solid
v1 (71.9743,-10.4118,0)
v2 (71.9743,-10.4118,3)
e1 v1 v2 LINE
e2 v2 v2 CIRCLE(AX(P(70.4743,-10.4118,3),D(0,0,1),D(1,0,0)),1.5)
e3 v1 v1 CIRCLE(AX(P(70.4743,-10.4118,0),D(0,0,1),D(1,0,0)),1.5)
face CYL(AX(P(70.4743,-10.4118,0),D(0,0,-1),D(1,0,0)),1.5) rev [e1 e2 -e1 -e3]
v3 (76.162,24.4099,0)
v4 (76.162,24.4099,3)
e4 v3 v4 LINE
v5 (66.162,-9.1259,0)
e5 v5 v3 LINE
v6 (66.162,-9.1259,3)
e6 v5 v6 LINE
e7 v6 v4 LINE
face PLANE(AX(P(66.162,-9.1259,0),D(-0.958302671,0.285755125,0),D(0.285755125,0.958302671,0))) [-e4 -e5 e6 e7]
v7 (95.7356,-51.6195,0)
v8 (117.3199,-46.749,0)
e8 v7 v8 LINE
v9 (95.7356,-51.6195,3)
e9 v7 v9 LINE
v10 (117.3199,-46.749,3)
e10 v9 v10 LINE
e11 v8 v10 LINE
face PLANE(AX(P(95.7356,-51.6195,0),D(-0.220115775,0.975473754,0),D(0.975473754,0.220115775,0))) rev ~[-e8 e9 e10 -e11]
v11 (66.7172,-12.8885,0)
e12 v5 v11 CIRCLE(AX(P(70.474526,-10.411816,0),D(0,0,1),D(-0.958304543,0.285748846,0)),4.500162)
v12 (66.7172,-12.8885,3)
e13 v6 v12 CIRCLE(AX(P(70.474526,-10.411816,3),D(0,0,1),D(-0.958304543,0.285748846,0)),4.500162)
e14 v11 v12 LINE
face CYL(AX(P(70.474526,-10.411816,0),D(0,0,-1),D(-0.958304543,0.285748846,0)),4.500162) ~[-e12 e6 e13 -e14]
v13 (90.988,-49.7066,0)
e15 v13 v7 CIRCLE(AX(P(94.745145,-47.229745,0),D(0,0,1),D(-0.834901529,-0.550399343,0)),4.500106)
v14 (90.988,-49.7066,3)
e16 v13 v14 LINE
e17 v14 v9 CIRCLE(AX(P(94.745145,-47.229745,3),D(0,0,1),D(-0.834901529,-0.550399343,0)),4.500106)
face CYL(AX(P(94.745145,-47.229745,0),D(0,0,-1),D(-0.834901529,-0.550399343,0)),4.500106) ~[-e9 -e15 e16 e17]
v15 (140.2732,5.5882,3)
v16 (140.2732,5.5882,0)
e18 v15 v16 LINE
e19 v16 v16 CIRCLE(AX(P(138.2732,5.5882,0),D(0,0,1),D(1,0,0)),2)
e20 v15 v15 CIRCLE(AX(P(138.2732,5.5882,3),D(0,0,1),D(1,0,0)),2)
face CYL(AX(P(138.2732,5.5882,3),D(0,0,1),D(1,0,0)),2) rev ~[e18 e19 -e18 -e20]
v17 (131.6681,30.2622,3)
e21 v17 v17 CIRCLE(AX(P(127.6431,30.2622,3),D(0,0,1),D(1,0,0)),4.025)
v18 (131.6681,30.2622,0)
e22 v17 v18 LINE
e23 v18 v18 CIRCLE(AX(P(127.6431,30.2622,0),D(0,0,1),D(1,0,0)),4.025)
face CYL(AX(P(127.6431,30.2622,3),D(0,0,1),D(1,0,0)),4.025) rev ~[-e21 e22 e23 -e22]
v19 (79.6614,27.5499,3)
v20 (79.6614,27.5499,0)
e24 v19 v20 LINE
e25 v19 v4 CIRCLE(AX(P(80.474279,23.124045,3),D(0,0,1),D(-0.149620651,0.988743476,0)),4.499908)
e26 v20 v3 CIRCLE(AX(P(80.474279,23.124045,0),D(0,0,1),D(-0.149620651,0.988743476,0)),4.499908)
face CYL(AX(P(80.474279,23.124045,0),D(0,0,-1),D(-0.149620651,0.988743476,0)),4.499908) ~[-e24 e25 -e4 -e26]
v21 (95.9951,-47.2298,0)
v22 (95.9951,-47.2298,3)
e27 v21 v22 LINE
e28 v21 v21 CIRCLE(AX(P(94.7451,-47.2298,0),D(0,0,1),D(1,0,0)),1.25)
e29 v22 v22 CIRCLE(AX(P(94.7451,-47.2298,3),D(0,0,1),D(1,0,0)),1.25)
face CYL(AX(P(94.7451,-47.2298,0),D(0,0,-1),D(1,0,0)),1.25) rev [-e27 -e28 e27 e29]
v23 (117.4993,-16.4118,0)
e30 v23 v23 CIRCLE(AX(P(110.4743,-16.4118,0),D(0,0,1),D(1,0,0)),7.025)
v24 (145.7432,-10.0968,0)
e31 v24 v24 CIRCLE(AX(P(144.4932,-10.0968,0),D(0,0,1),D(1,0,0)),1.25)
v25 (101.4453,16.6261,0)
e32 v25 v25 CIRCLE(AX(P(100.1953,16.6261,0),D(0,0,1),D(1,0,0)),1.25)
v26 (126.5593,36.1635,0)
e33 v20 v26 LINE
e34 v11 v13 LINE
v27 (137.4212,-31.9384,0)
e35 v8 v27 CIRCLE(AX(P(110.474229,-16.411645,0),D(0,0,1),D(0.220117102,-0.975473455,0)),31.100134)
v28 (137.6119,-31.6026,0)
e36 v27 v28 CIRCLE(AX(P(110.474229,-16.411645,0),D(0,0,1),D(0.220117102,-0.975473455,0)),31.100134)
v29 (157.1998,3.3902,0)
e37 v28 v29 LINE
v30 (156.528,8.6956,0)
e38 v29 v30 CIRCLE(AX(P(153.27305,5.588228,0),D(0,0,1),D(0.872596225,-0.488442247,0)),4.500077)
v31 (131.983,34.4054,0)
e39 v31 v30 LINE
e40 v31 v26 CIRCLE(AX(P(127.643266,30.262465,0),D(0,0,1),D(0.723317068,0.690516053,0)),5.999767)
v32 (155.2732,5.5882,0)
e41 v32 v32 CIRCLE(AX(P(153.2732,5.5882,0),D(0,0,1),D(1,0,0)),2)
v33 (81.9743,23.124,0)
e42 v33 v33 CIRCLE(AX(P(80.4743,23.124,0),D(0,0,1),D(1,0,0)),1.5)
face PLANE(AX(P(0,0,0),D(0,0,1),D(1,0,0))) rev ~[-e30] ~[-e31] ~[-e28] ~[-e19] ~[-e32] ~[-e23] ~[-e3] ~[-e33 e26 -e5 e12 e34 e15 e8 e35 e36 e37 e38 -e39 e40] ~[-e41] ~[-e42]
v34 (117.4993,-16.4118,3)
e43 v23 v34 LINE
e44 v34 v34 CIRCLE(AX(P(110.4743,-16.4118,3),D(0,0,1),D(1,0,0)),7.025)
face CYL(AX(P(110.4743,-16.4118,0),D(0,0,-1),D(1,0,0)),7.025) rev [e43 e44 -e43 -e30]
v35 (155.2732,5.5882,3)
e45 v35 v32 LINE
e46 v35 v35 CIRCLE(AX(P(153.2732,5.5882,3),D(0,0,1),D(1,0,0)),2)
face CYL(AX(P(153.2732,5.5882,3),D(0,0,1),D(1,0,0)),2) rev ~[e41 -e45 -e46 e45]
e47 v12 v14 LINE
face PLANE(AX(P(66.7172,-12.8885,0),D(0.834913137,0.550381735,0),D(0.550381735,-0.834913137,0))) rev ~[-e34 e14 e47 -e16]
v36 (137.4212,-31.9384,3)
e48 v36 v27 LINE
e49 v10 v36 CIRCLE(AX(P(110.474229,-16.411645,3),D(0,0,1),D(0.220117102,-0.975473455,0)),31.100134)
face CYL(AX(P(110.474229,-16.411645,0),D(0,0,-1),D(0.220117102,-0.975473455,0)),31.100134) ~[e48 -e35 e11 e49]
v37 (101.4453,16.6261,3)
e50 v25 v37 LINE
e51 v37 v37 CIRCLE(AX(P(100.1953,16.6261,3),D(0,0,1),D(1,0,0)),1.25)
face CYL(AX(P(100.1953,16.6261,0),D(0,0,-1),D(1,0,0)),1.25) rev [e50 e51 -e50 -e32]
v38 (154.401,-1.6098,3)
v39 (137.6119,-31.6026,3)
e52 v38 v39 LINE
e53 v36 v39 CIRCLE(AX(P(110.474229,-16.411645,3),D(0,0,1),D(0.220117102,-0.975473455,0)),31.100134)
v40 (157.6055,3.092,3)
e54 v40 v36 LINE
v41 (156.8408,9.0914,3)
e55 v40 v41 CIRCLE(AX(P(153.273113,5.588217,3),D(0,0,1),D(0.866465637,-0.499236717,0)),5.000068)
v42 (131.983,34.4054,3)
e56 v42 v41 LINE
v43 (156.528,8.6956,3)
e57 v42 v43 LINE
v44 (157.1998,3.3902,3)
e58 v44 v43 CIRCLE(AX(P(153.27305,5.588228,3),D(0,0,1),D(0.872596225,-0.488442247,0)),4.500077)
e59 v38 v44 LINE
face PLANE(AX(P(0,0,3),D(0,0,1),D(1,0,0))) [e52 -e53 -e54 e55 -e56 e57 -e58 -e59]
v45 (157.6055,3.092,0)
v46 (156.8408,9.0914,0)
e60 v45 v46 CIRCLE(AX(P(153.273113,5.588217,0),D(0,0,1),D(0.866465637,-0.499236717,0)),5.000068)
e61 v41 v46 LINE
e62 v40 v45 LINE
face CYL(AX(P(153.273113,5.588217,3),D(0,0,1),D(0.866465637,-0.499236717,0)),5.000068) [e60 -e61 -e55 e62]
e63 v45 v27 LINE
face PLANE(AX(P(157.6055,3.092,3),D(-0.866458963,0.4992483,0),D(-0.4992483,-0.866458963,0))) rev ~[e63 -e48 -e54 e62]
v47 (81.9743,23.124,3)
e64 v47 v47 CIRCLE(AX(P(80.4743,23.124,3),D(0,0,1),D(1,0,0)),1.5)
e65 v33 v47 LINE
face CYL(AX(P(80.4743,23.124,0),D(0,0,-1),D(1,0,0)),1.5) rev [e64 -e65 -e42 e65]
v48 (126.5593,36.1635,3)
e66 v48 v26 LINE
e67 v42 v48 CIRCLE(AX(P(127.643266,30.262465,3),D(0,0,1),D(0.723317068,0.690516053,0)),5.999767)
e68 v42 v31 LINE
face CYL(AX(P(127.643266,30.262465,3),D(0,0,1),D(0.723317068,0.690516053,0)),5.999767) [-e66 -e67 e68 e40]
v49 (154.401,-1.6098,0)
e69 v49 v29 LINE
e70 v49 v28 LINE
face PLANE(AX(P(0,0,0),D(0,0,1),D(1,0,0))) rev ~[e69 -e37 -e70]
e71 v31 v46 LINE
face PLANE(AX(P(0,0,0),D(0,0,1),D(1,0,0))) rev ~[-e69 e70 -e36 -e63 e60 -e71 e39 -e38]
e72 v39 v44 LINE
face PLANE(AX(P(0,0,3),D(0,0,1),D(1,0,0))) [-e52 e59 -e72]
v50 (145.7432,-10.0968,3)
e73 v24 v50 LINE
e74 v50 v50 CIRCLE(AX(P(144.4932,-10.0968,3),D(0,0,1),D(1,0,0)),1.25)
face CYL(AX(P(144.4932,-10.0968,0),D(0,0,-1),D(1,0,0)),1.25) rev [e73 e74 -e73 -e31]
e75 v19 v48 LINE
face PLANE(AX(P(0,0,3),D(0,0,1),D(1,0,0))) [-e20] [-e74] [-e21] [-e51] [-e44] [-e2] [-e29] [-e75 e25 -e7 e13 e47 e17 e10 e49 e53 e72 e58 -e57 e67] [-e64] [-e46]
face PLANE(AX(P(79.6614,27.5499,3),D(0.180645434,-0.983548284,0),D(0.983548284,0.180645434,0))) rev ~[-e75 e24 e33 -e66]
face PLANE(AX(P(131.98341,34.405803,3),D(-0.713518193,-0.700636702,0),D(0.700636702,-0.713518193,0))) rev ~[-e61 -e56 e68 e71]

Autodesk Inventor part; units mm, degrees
ref_plane "YZ Plane" through (0, 0, 0) normal (1, 0, 0) x (0, 1, 0)
ref_plane "XZ Plane" through (0, 0, 0) normal (0, 1, 0) x (-1, 0, 0)
ref_plane "XY Plane" through (0, 0, 0) normal (0, 0, 1) x (1, 0, 0)
sketch "スケッチ3" plane through (0, 0, 0) normal (0, 0, 1) x (1, 0, 0)
  circle A0 centre (110.4743, -16.4118) radius 30.1 construction
  circle A1 centre (150.4743, 0.5882) radius 1.5
  circle A2 centre (127.6431, 30.2622) radius 1.5
  circle A3 centre (80.4743, 23.124) radius 1.5
  circle A4 centre (70.4743, -10.4118) radius 1.5
  circle A5 centre (110.4743, -16.4118) radius 7.025
  arc A6 (79.801, 27.5733) -> (76.162, 24.4099) centre (80.4743, 23.124) ccw
  arc A7 (131.2097, 33.0062) -> (126.9698, 34.7115) centre (127.6431, 30.2622) ccw
  arc A8 (154.401, -1.6098) -> (154.0408, 3.3323) centre (150.4743, 0.5882) ccw
  arc A9 (66.162, -9.1259) -> (66.7172, -12.8885) centre (70.4743, -10.4118) ccw
  arc A10 (117.3199, -46.749) -> (137.6119, -31.6026) centre (110.4743, -16.4118) ccw
  line L0 (154.401, -1.6098) -> (137.6119, -31.6026)
  line L1 (66.162, -9.1259) -> (76.162, 24.4099)
  line L2 (79.801, 27.5733) -> (126.9698, 34.7115)
  line L3 (131.2097, 33.0062) -> (154.0408, 3.3323)
  line L4 (96.5433, 16.3458) -> (118.2214, -10.0492) construction
  line L5 (117.0311, -23.9953) -> (91.1935, -46.3348) construction
  circle A11 centre (100.1953, 16.6261) radius 3 construction
  circle A12 centre (144.4932, -10.0968) radius 3 construction
  circle A13 centre (100.1953, 16.6261) radius 4.5 construction
  circle A14 centre (144.4932, -10.0968) radius 4.5 construction
  arc A15 (90.988, -49.7066) -> (95.7356, -51.6195) centre (94.7451, -47.2298) ccw
  circle A16 centre (94.7451, -47.2298) radius 3 construction
  line L6 (95.7356, -51.6195) -> (117.3199, -46.749)
  line L7 (66.7172, -12.8885) -> (90.988, -49.7066)
  circle A17 centre (100.1953, 16.6261) radius 1.25
  circle A18 centre (144.4932, -10.0968) radius 1.25
  circle A19 centre (94.7451, -47.2298) radius 1.25
  circle A20 centre (110.4743, -16.4118) radius 30.1 construction
  circle A21 centre (150.4743, 0.5882) radius 1.5
  circle A22 centre (127.6431, 30.2622) radius 1.5
  circle A23 centre (80.4743, 23.124) radius 1.5
  circle A24 centre (70.4743, -10.4118) radius 1.5
  circle A25 centre (110.4743, -16.4118) radius 7.025
  arc A26 (79.801, 27.5733) -> (76.162, 24.4099) centre (80.4743, 23.124) ccw
  arc A27 (131.2097, 33.0062) -> (126.9698, 34.7115) centre (127.6431, 30.2622) ccw
  arc A28 (154.401, -1.6098) -> (154.0408, 3.3323) centre (150.4743, 0.5882) ccw
  arc A29 (66.162, -9.1259) -> (66.7172, -12.8885) centre (70.4743, -10.4118) ccw
  arc A30 (117.3199, -46.749) -> (137.6119, -31.6026) centre (110.4743, -16.4118) ccw
  line L8 (154.401, -1.6098) -> (137.6119, -31.6026)
  line L9 (66.162, -9.1259) -> (76.162, 24.4099)
  line L10 (79.801, 27.5733) -> (126.9698, 34.7115)
  line L11 (131.2097, 33.0062) -> (154.0408, 3.3323)
  line L12 (96.5433, 16.3458) -> (118.2214, -10.0492) construction
  line L13 (117.0311, -23.9953) -> (91.1935, -46.3348) construction
  circle A31 centre (100.1953, 16.6261) radius 3 construction
  circle A32 centre (144.4932, -10.0968) radius 3 construction
  circle A33 centre (100.1953, 16.6261) radius 4.5 construction
  circle A34 centre (144.4932, -10.0968) radius 4.5 construction
  arc A35 (90.988, -49.7066) -> (95.7356, -51.6195) centre (94.7451, -47.2298) ccw
  circle A36 centre (94.7451, -47.2298) radius 3 construction
  line L14 (95.7356, -51.6195) -> (117.3199, -46.749)
  line L15 (66.7172, -12.8885) -> (90.988, -49.7066)
  circle A37 centre (100.1953, 16.6261) radius 1.25
  circle A38 centre (144.4932, -10.0968) radius 1.25
  circle A39 centre (94.7451, -47.2298) radius 1.25
  circle A40 centre (153.2732, 5.5882) radius 1.5
  circle A41 centre (138.2732, 5.5882) radius 1.5
  arc A42 (157.1998, 3.3902) -> (156.3941, 8.8301) centre (153.2732, 5.5882) ccw
  line L16 (154.401, -1.6098) -> (157.1998, 3.3902)
  line L17 (130.7641, 33.504) -> (156.3941, 8.8301)
  circle A43 centre (138.2732, 5.5882) radius 3
  circle A44 centre (153.2732, 5.5882) radius 3
  point P0 (0, 0)
  point P1 (0, 0)
  point P2 (0, 0)
  dimension "d20" = 14.05
  dimension "d21" = 9
  dimension "d22" = 9
  dimension "d23" = 9
  dimension "d24" = 9
  dimension "d25" = 1
  dimension "d26" = 6
  dimension "d27" = 6
  dimension "d28" = 9
  dimension "d29" = 9
  dimension "d30" = 9
  dimension "d31" = 6
  dimension "d32" = 2.5
  dimension "d33" = 2.5
  dimension "d34" = 2.5
  dimension "d37" = 14.05
  dimension "d38" = 9
  dimension "d39" = 9
  dimension "d40" = 9
  dimension "d41" = 9
  dimension "d42" = 1
  dimension "d43" = 6
  dimension "d44" = 6
  dimension "d45" = 9
  dimension "d46" = 9
  dimension "d47" = 9
  dimension "d48" = 6
  dimension "d49" = 2.5
  dimension "d50" = 2.5
  dimension "d51" = 2.5
  dimension "d52" = 3
  dimension "d53" = 3
  dimension "d54" = 15
  dimension "d55" = 9
  dimension "d56" = 6
  dimension "d57" = 6
  dimension "d58" = 5
extrude "押し出し3" add sketch "スケッチ3" along normal blind 3 contours A1 | L2 A7 L3 A44 A8 L0 A10 L6 A15 L7 A9 L1 A6 | L17 A42 L16 A8 A44 L3 A7 | A44 A8 L3 A40 | L3 A40 A8 A44 | A40 L3 | L3 A40 | A43
extrude "押し出し4" cut sketch "スケッチ3" along normal blind 10 contours A40 L3 | L3 A40
sketch "スケッチ4" plane through (0, 0, 3) normal (0, 0, 1) x (1, 0, 0)
  circle A0 centre (153.2732, 5.5882) radius 1.5 projected
  circle A1 centre (138.2732, 5.5882) radius 1.5 projected
  circle A2 centre (110.4743, -16.4118) radius 7.025 projected
  circle A3 centre (70.4743, -10.4118) radius 1.5 projected
  circle A4 centre (80.4743, 23.124) radius 1.5 projected
  circle A5 centre (127.6431, 30.2622) radius 1.5 projected
  circle A6 centre (94.7451, -47.2298) radius 1.25 projected
  circle A7 centre (144.4932, -10.0968) radius 1.25 projected
  circle A8 centre (100.1953, 16.6261) radius 1.25 projected
  arc A9 (79.801, 27.5733) -> (76.162, 24.4099) centre (80.4743, 23.124) ccw projected
  line L0 (76.162, 24.4099) -> (66.162, -9.1259) projected
  arc A10 (66.162, -9.1259) -> (66.7172, -12.8885) centre (70.4743, -10.4118) ccw projected
  line L1 (66.7172, -12.8885) -> (90.988, -49.7066) projected
  arc A11 (90.988, -49.7066) -> (95.7356, -51.6195) centre (94.7451, -47.2298) ccw projected
  line L2 (95.7356, -51.6195) -> (117.3199, -46.749) projected
  arc A12 (117.3199, -46.749) -> (137.6119, -31.6026) centre (110.4743, -16.4118) ccw projected
  line L3 (137.6119, -31.6026) -> (157.1998, 3.3902) projected
  arc A13 (157.1998, 3.3902) -> (156.3941, 8.8301) centre (153.2732, 5.5882) ccw projected
  line L4 (156.3941, 8.8301) -> (130.7641, 33.504) projected
  arc A14 (130.7641, 33.504) -> (126.9698, 34.7115) centre (127.6431, 30.2622) ccw projected
  line L5 (126.9698, 34.7115) -> (79.801, 27.5733) projected
  circle A15 centre (127.6431, 30.2622) radius 4.025
  arc A16 (131.983, 34.4054) -> (126.5593, 36.1635) centre (127.6431, 30.2622) ccw
  line L6 (79.6614, 27.5499) -> (126.5593, 36.1635)
  line L7 (131.983, 34.4054) -> (156.528, 8.6956)
  point P0 (0, 0)
  dimension "d61" = 8.05
  dimension "d62" = 12
extrude "押し出し5" add sketch "スケッチ4" against normal blind 3 contours A9 L6 A16 L7 A13 L4 A14 L5
extrude "押し出し6" cut sketch "スケッチ4" against normal blind 3 contours A15
sketch "スケッチ5" plane through (0, 0, 3) normal (0, 0, 1) x (1, 0, 0)
  circle A0 centre (127.6431, 30.2622) radius 4.025 projected
  circle A1 centre (153.2732, 5.5882) radius 1.5 projected
  circle A2 centre (138.2732, 5.5882) radius 1.5 projected
  circle A3 centre (110.4743, -16.4118) radius 7.025 projected
  circle A4 centre (70.4743, -10.4118) radius 1.5 projected
  circle A5 centre (80.4743, 23.124) radius 1.5 projected
  circle A6 centre (94.7451, -47.2298) radius 1.25 projected
  circle A7 centre (144.4932, -10.0968) radius 1.25 projected
  circle A8 centre (100.1953, 16.6261) radius 1.25 projected
  arc A9 (79.6614, 27.5499) -> (76.162, 24.4099) centre (80.4743, 23.124) ccw projected
  line L0 (76.162, 24.4099) -> (66.162, -9.1259) projected
  arc A10 (66.162, -9.1259) -> (66.7172, -12.8885) centre (70.4743, -10.4118) ccw projected
  line L1 (66.7172, -12.8885) -> (90.988, -49.7066) projected
  arc A11 (90.988, -49.7066) -> (95.7356, -51.6195) centre (94.7451, -47.2298) ccw projected
  line L2 (95.7356, -51.6195) -> (117.3199, -46.749) projected
  arc A12 (117.3199, -46.749) -> (137.6119, -31.6026) centre (110.4743, -16.4118) ccw projected
  line L3 (137.6119, -31.6026) -> (157.1998, 3.3902) projected
  arc A13 (157.1998, 3.3902) -> (156.528, 8.6956) centre (153.2732, 5.5882) ccw projected
  line L4 (156.528, 8.6956) -> (131.983, 34.4054) projected
  arc A14 (131.983, 34.4054) -> (126.5593, 36.1635) centre (127.6431, 30.2622) ccw projected
  line L5 (126.5593, 36.1635) -> (79.6614, 27.5499) projected
  circle A15 centre (153.2732, 5.5882) radius 2
  circle A16 centre (138.2732, 5.5882) radius 2
  arc A17 (157.6055, 3.092) -> (156.8408, 9.0914) centre (153.2732, 5.5882) ccw
  line L6 (131.9243, 34.466) -> (156.8408, 9.0914)
  line L7 (157.6055, 3.092) -> (137.4212, -31.9384)
  arc A18 (117.3199, -46.749) -> (137.6119, -31.6026) centre (110.4743, -16.4118) ccw projected
  arc A19 (131.983, 34.4054) -> (126.5593, 36.1635) centre (127.6431, 30.2622) ccw projected
  point P0 (0, 0)
  dimension "d67" = 4
  dimension "d68" = 4
  dimension "d69" = 3
extrude "押し出し7" add sketch "スケッチ5" against normal blind 3 contours L6 A17 L7 A12 L3 A13 L4
extrude "押し出し8" cut sketch "スケッチ5" against normal blind 3 contours A15 | A16
properties part number "前足内フレーム" material "アルミニウム 2014-T4"
